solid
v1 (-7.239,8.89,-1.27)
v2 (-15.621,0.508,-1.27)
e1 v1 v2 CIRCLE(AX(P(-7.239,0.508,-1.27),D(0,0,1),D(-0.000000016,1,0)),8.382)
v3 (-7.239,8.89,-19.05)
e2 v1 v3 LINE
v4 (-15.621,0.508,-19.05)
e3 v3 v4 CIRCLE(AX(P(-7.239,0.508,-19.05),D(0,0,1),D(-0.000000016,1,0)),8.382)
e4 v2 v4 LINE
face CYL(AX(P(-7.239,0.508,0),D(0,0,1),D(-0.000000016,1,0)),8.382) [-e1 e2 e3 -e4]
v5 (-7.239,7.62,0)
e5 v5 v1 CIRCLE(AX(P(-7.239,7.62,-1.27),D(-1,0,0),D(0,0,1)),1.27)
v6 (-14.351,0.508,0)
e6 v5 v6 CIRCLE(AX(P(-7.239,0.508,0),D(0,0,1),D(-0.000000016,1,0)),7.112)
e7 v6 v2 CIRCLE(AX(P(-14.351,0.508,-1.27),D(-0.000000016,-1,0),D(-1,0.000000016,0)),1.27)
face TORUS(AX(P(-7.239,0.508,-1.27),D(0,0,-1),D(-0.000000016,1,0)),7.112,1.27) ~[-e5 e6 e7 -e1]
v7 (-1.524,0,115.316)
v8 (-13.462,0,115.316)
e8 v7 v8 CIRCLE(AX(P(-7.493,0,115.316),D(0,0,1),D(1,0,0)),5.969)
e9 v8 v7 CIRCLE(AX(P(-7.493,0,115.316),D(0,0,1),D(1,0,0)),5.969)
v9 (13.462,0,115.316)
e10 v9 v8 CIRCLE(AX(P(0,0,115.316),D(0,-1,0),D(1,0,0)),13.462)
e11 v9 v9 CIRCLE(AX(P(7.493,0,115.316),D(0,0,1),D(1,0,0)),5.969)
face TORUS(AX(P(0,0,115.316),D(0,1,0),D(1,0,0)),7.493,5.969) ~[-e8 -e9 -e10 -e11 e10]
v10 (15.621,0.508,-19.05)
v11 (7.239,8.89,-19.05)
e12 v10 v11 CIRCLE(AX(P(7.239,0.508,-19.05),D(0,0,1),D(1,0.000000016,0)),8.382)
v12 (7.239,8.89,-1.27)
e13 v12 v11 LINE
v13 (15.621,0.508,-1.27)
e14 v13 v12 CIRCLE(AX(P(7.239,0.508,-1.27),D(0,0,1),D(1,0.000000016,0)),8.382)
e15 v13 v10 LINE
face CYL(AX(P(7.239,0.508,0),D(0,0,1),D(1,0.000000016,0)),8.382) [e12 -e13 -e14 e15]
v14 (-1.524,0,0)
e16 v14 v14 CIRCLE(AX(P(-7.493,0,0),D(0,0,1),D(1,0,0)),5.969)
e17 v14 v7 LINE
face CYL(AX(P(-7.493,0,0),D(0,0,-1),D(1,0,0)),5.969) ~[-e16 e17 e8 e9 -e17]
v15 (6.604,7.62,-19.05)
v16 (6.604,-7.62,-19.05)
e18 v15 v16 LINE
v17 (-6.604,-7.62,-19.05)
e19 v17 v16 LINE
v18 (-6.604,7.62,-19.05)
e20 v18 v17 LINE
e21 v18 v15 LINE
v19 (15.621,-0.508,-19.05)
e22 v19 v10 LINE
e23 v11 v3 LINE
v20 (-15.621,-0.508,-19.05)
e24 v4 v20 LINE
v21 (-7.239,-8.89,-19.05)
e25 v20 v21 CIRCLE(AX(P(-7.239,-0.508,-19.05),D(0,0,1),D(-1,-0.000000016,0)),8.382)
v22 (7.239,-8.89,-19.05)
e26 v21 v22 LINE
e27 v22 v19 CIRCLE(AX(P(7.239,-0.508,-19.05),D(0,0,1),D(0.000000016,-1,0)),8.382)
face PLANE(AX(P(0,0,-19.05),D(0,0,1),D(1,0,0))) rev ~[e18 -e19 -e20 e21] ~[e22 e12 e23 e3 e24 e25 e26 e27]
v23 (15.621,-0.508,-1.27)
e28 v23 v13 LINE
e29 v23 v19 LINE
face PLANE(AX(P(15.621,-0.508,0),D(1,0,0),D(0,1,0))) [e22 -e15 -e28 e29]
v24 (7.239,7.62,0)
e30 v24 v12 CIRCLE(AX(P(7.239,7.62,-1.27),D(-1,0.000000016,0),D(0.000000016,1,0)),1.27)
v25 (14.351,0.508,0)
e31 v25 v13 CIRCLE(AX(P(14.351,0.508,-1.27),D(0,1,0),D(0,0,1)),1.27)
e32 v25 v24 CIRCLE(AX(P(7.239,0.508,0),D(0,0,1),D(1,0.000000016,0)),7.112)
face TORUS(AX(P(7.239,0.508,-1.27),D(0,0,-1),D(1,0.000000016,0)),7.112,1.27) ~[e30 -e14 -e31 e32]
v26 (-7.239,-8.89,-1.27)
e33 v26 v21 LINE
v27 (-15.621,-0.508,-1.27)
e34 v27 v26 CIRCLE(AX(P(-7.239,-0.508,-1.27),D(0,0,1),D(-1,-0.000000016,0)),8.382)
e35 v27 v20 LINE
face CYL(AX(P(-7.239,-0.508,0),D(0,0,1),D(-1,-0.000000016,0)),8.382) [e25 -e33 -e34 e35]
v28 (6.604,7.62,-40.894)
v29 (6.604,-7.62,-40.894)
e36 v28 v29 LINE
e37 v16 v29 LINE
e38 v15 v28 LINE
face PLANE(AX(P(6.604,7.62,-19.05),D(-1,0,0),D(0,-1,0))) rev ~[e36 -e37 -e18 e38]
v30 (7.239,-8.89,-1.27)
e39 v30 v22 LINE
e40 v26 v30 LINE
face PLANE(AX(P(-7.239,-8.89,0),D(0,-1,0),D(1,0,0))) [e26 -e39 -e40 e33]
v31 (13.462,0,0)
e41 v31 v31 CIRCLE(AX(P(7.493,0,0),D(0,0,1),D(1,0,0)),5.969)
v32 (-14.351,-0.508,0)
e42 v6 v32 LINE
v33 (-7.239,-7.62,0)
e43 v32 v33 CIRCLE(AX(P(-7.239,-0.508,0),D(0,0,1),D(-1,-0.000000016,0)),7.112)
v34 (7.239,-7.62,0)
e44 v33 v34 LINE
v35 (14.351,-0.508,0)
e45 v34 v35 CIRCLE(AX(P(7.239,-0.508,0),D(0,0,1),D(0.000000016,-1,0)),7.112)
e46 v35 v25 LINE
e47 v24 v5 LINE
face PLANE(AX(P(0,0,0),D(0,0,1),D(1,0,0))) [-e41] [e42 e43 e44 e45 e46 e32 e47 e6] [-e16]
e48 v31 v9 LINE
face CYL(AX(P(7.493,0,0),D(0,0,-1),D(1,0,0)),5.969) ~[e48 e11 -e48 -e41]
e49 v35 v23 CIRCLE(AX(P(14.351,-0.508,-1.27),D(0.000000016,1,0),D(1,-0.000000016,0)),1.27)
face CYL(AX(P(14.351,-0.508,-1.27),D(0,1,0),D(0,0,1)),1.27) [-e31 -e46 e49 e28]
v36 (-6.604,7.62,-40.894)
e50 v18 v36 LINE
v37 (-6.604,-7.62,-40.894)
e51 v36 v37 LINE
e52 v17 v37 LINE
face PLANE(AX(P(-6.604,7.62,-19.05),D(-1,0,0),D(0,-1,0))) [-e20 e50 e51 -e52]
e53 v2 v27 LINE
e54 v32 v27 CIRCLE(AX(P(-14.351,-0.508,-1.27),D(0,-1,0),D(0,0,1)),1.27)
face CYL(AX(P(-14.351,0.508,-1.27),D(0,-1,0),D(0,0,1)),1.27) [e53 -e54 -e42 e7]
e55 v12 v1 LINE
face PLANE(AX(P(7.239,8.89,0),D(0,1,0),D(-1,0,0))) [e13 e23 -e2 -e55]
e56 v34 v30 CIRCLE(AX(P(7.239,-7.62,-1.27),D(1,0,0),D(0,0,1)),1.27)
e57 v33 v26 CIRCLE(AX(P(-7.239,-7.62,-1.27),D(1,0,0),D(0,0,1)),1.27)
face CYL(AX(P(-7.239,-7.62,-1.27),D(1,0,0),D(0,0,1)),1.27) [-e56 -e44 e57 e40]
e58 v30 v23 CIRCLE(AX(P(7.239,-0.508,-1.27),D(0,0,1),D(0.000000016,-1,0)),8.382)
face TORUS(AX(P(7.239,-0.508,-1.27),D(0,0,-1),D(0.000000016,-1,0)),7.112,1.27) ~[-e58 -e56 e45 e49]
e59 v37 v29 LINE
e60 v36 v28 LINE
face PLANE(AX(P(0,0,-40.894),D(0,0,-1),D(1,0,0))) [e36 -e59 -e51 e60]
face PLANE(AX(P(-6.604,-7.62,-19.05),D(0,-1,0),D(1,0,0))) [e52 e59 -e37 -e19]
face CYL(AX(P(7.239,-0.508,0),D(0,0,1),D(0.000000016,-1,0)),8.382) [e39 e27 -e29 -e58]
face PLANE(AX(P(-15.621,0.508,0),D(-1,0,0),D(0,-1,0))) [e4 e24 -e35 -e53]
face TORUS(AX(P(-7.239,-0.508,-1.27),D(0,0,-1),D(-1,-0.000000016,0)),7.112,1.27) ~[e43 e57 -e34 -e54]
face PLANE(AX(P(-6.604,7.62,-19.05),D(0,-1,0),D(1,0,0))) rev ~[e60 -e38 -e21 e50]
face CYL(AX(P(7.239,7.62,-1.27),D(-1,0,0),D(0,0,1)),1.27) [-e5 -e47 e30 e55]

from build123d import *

# Parameters (mm, degrees)
F0_R      = 5.969
F1_DEPTH  = 115.316
F3_DEPTH  = 19.05
F1_FACE_R = 5.969
F5_ANGLE  = -180
F6_R      = 1.27
F7_W      = 13.208
F7_H      = 15.24
F8_DEPTH  = 21.844


with BuildPart() as f1:
    # F0 (on Top) → F1 (new body)
    with BuildSketch(Plane.XY):
        with Locations((7.493, 0)):
            Circle(F0_R)
        with Locations((-7.493, 0)):
            Circle(F0_R)
    extrude(amount=F1_DEPTH)

    # F2 (on Top) → F3 (join)
    with BuildSketch(Plane.XY):
        with BuildLine():
            ThreePointArc((-15.621, -0.508), (-13.165969, -6.434969), (-7.239, -8.89))
            Line((-7.239, -8.89), (7.239, -8.89))
            ThreePointArc((7.239, -8.89), (13.165969, -6.434969), (15.621, -0.508))
            Line((15.621, -0.508), (15.621, 0.508))
            ThreePointArc((15.621, 0.508), (13.165969, 6.434969), (7.239, 8.89))
            Line((7.239, 8.89), (-7.239, 8.89))
            ThreePointArc((-7.239, 8.89), (-13.165969, 6.434969), (-15.621, 0.508))
            Line((-15.621, 0.508), (-15.621, -0.508))
        make_face()
    extrude(amount=-F3_DEPTH)

    # F1_face (on face) → F5 (revolve)
    with BuildSketch(Plane(origin=(-7.493, 0, 115.316), x_dir=(1, 0, 0), z_dir=(0, 0, 1))):
        with Locations((14.986, 0)):
            Circle(F1_FACE_R)
    revolve(axis=Axis((0, 21.043353, 115.316), (0, 1, 0)), revolution_arc=F5_ANGLE)

    # F6
    f6_edges = [f1.edges().sort_by_distance(p)[0] for p in [
        (0, -8.89, 0),
    ]]
    fillet(f6_edges, radius=F6_R)

    # F7 (on face) → F8 (join)
    with BuildSketch(Plane(origin=(0, 0, -19.05), x_dir=(1, 0, 0), z_dir=(0, 0, -1))):
        Rectangle(F7_W, F7_H)
    extrude(amount=F8_DEPTH)


solid = f1.part
